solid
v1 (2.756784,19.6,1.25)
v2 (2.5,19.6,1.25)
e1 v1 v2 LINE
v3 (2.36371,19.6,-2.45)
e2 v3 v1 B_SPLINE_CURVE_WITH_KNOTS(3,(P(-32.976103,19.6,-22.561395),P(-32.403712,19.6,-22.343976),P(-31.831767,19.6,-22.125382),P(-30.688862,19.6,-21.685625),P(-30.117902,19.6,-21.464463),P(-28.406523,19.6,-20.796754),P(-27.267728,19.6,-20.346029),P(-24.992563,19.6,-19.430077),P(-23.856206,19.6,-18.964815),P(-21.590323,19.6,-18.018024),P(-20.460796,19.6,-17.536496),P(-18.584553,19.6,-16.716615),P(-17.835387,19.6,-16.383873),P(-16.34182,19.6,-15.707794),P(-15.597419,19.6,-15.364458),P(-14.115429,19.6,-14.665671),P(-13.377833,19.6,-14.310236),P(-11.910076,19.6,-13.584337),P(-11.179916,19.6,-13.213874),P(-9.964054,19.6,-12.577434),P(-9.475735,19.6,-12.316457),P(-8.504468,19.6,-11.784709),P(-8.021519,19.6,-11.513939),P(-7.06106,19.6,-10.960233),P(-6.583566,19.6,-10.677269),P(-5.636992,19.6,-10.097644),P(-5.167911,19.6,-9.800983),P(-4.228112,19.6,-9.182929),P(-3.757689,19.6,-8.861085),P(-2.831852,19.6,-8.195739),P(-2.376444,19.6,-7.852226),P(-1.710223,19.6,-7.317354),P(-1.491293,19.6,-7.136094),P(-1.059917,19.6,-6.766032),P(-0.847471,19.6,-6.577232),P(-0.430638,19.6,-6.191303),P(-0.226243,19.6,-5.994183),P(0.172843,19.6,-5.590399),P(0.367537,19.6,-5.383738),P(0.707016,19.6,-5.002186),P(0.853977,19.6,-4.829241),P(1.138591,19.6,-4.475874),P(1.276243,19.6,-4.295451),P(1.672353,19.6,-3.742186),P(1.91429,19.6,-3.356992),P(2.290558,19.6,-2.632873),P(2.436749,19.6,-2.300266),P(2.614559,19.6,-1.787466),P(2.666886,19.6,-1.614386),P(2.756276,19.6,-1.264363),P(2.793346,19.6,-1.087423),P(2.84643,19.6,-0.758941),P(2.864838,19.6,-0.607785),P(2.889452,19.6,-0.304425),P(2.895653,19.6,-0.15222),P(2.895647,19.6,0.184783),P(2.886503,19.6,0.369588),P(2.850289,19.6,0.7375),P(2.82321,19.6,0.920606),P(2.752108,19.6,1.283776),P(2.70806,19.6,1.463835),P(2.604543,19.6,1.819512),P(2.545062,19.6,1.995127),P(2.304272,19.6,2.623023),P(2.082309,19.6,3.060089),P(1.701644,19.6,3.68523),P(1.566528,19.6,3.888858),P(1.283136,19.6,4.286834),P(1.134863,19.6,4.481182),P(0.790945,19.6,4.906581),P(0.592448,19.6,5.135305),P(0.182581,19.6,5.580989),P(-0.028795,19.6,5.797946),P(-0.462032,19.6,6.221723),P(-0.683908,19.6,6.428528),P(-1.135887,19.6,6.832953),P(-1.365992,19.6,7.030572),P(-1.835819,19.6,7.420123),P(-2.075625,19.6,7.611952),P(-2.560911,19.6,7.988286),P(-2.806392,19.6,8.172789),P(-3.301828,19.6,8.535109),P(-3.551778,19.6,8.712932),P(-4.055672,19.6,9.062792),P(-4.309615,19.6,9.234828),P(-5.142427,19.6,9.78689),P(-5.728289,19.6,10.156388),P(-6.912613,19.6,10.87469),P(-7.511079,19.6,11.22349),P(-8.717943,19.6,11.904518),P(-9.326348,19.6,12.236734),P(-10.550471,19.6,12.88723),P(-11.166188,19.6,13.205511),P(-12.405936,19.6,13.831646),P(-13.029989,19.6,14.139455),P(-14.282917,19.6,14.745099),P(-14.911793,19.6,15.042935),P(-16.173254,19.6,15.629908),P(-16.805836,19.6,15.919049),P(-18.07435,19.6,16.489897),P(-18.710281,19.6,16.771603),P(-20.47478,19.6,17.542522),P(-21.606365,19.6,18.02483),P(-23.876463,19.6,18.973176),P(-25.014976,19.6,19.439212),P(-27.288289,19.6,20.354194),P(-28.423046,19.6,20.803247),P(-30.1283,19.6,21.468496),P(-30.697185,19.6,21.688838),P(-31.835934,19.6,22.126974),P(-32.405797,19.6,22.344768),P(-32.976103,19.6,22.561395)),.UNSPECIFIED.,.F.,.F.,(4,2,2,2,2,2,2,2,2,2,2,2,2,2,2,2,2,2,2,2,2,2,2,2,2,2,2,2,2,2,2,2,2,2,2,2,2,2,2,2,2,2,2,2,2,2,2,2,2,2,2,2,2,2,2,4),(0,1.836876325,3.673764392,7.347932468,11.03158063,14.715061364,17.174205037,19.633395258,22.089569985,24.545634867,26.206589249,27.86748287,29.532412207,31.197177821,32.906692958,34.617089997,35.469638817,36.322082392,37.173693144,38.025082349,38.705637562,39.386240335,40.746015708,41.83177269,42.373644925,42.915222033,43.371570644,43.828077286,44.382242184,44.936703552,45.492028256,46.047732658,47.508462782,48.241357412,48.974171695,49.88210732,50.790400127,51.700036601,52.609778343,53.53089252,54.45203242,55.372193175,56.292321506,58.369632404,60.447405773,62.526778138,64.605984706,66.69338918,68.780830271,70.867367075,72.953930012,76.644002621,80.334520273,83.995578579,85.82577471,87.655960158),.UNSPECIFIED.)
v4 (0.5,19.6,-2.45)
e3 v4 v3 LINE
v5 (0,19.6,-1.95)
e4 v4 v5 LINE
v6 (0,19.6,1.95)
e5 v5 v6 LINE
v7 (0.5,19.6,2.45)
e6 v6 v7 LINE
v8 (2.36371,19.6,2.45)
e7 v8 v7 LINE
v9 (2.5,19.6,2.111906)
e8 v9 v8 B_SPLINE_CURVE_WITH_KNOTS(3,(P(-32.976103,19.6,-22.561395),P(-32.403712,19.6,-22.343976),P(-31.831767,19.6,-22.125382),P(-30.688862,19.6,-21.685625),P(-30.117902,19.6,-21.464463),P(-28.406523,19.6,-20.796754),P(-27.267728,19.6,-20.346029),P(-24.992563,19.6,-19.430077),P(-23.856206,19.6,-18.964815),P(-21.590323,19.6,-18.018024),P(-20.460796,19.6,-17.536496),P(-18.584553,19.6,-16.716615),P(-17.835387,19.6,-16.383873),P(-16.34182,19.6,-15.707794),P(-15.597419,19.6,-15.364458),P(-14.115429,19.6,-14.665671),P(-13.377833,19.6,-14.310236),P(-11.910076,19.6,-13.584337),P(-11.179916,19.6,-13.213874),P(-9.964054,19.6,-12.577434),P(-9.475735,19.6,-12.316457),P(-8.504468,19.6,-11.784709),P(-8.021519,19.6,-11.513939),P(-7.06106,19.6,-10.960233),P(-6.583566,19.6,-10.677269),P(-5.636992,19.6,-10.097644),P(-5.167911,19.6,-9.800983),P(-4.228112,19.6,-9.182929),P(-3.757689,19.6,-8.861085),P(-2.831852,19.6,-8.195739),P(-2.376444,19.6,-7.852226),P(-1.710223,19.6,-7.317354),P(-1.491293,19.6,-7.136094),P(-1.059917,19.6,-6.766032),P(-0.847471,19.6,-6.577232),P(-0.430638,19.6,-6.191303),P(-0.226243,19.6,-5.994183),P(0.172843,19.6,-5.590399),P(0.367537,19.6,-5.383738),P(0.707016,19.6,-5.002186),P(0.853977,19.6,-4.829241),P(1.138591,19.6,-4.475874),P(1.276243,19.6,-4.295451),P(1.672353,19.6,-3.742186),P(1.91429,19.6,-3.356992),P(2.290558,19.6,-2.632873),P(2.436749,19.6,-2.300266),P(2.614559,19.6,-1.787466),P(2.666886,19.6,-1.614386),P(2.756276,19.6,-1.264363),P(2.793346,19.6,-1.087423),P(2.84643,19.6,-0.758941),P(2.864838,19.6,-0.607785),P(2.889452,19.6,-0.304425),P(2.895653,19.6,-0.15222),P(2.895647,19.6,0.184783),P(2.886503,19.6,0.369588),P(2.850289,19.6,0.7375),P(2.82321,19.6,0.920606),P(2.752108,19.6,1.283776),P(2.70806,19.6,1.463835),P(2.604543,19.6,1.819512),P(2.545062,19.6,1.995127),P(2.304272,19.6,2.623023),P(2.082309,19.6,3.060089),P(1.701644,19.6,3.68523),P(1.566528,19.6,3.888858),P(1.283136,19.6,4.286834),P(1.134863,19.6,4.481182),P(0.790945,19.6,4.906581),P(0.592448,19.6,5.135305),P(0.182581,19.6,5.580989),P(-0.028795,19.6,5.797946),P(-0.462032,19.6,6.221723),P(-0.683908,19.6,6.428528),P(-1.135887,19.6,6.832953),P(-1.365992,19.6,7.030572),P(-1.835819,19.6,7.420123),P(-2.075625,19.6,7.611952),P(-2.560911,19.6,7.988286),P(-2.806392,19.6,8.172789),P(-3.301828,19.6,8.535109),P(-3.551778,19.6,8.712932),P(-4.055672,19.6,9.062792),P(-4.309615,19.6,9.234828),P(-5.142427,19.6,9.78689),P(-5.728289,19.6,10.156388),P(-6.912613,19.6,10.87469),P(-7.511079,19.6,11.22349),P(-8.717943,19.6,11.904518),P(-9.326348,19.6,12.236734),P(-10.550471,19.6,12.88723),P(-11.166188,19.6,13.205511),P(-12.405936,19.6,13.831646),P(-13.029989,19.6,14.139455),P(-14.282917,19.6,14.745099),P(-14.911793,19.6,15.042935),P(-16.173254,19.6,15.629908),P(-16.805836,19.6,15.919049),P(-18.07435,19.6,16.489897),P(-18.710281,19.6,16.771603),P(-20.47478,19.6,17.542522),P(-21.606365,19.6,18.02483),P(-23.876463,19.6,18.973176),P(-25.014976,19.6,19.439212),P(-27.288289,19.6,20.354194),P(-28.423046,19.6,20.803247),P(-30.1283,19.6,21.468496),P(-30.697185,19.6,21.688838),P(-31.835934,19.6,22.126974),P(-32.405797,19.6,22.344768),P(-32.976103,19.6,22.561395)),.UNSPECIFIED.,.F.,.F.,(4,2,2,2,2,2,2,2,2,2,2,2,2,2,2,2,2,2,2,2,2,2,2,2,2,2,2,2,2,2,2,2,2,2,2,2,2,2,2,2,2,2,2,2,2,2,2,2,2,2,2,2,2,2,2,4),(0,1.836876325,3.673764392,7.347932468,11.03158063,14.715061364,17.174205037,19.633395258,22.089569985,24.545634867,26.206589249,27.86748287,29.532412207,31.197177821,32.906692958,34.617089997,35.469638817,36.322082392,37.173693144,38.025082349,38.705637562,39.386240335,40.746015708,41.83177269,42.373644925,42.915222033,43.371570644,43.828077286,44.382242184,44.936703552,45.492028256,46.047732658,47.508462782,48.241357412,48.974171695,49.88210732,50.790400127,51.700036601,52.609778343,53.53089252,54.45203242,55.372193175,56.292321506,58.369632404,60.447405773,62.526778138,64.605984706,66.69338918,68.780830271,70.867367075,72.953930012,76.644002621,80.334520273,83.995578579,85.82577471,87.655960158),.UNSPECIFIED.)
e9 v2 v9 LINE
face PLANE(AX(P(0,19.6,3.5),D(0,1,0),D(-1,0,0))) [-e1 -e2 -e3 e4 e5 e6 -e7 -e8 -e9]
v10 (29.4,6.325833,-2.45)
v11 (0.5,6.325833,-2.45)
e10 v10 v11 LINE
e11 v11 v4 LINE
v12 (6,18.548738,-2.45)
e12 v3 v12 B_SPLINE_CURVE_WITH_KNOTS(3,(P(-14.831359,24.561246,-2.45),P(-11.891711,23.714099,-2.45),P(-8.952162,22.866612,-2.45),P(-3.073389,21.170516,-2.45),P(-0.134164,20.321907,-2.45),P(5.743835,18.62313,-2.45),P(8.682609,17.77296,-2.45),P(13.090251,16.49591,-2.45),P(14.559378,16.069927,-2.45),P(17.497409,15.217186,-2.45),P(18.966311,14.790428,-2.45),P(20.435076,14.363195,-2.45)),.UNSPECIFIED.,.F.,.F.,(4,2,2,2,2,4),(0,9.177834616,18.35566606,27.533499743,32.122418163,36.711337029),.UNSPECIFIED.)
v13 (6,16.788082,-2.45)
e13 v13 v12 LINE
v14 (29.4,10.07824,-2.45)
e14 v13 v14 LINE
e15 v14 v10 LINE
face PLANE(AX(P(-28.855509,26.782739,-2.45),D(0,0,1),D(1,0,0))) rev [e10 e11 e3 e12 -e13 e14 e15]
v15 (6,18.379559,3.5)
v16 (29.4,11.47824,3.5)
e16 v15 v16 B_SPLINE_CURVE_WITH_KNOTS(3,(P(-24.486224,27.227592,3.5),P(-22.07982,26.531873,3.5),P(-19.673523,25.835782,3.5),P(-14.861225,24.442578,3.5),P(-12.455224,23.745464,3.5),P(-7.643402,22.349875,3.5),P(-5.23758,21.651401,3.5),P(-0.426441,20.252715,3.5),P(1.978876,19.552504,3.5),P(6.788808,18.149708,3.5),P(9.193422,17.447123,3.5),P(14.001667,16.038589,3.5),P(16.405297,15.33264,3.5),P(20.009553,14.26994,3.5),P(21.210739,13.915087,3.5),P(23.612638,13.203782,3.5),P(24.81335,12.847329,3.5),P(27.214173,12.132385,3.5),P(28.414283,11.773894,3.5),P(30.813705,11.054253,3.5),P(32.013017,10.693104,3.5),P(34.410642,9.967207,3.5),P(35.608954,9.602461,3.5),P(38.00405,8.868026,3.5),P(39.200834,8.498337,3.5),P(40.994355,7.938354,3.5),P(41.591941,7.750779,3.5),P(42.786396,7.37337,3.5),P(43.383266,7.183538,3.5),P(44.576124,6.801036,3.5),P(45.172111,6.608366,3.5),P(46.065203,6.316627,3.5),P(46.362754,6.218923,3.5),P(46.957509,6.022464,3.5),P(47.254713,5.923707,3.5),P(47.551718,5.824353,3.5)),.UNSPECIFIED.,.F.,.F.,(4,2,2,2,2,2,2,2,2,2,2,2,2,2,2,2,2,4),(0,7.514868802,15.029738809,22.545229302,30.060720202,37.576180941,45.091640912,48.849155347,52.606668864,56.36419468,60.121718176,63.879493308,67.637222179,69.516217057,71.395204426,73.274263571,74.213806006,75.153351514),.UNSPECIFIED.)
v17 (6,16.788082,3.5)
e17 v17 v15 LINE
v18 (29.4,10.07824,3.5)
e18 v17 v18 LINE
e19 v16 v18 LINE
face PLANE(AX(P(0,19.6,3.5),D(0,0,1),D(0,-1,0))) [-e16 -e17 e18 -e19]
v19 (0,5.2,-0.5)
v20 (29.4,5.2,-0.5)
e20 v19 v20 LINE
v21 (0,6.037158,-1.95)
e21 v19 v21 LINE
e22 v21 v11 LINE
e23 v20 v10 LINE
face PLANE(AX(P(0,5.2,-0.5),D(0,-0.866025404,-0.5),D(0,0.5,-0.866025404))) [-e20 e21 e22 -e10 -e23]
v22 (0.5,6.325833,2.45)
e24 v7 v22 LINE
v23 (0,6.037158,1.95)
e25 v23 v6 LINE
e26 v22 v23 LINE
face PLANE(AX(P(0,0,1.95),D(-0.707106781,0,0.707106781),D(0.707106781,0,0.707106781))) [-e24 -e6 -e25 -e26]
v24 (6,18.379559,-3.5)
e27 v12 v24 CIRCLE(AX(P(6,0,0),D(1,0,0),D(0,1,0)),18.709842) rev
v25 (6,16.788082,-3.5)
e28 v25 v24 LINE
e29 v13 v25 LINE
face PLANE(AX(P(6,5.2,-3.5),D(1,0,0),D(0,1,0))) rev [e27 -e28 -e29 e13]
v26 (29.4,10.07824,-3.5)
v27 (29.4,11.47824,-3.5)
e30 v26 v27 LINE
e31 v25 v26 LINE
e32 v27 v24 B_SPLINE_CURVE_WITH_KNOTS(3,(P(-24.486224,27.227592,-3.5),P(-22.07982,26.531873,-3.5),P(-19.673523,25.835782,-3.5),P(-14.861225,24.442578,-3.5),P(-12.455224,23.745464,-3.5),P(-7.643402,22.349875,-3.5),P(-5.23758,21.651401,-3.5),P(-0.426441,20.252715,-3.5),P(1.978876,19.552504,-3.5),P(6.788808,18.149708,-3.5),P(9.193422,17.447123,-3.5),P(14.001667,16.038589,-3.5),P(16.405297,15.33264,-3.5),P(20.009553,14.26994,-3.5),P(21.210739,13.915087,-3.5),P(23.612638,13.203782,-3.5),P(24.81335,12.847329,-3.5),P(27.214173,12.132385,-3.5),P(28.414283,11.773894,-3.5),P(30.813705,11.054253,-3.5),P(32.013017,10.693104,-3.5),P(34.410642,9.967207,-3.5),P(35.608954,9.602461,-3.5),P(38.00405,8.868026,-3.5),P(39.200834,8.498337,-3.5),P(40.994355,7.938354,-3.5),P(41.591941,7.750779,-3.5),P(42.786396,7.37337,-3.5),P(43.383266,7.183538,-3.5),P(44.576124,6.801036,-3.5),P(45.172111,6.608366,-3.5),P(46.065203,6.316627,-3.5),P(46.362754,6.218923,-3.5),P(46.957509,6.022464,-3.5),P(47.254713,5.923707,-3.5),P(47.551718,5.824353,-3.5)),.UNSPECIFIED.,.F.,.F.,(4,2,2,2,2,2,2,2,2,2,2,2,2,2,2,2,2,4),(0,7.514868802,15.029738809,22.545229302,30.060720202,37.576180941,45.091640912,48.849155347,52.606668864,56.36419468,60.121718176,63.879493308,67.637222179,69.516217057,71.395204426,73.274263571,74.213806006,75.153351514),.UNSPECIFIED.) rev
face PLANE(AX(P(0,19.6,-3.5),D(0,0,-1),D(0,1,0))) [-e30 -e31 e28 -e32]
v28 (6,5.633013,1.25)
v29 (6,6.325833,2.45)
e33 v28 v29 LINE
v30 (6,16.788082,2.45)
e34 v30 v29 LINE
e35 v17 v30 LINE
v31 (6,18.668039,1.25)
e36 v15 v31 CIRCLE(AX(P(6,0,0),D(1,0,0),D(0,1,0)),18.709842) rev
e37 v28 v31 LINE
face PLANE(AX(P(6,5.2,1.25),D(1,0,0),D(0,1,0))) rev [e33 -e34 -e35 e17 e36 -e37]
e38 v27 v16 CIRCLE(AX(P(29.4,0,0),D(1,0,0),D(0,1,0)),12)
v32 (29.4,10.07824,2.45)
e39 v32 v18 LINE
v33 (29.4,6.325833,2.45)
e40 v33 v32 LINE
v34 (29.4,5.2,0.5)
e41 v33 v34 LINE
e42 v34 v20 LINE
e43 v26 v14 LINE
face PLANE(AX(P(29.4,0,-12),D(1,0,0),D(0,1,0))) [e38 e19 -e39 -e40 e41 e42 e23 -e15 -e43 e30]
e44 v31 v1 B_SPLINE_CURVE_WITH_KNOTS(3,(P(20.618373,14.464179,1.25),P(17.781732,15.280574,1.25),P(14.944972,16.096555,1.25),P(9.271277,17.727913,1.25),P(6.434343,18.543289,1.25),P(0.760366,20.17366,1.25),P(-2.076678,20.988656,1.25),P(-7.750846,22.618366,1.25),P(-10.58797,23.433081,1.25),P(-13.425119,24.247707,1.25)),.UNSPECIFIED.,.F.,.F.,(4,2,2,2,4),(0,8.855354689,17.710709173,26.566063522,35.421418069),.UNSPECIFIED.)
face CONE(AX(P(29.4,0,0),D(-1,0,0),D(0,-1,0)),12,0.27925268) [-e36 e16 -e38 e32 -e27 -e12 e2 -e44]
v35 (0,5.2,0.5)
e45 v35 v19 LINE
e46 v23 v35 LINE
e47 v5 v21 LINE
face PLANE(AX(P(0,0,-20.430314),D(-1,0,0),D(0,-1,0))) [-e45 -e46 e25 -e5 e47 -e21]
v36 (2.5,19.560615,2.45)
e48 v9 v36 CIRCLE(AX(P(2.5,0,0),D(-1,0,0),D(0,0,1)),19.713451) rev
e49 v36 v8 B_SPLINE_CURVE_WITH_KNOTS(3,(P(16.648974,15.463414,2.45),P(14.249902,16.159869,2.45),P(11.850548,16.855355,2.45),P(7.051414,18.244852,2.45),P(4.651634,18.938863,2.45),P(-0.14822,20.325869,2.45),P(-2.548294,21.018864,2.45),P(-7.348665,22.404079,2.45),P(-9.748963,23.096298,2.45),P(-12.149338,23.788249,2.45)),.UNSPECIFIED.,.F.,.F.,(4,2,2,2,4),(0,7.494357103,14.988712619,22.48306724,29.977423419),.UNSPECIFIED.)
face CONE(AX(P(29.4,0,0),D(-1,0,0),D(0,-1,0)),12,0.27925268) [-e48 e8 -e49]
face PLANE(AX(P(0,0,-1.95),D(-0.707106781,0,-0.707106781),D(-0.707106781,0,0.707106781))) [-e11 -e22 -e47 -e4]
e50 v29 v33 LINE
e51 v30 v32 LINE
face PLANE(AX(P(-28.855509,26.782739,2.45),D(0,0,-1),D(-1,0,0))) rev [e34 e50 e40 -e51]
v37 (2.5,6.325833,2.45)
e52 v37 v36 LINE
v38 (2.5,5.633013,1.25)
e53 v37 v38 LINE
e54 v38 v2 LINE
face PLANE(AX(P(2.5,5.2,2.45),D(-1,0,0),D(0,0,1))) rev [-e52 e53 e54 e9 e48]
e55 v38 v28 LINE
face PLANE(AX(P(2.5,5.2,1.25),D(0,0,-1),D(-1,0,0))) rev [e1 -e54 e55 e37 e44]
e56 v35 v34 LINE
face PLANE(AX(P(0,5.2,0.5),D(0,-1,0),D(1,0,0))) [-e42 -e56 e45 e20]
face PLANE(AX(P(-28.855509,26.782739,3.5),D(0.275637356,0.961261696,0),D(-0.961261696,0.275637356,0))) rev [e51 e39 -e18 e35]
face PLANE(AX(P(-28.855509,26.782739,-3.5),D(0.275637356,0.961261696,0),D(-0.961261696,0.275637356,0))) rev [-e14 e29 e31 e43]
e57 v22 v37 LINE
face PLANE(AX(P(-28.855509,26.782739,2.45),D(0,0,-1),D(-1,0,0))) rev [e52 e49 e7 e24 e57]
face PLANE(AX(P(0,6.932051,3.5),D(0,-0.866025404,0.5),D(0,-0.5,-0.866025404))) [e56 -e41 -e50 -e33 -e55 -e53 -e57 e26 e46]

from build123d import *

# Parameters (mm, degrees)
R_VOLUTION1_ANGLE       = 180
ESQUISSE3_OUTSIDE_W     = 53.726
ESQUISSE3_OUTSIDE_H     = 33.296
ENL_V_MAT_EXTRU_1_DEPTH = 42.220813774
ESQUISSE4_W             = 1.05
ESQUISSE4_H             = 30
ESQUISSE6_W             = 6
ESQUISSE6_H             = 1.05
ENL_V_MAT_EXTRU_2_DEPTH = 33.923699671
CHANFREIN1_SIZE         = 0.5


with BuildPart() as part:
    # Esquisse1 → Révolution1 (revolve, symmetric)
    with BuildSketch(Plane.XY) as r_volution1_sk:
        Polygon((0, 20.430314341), (0, 0), (29.4, 0), (29.4, 12), align=None)
    revolve(axis=Axis((0, 0, 0), (-1, 0, 0)), revolution_arc=R_VOLUTION1_ANGLE / 2)
    revolve(r_volution1_sk.sketch, axis=Axis((0, 0, 0), (1, 0, 0)), revolution_arc=R_VOLUTION1_ANGLE / 2)

    # Esquisse3 outside → Enlèv. mat.-Extru.1 (cut, through all)
    with BuildSketch(Plane(origin=(29.4, 0, 0), x_dir=(0, 0, -1), z_dir=(1, 0, 0))):
        with Locations((0, 10.215)):
            Rectangle(ESQUISSE3_OUTSIDE_W, ESQUISSE3_OUTSIDE_H)
        Polygon((-3.5, 6.932050808), (-0.5, 5.2), (0.5, 5.2), (3.5, 6.932050808), (3.5, 19.6), (-3.5, 19.6), align=None, mode=Mode.SUBTRACT)
    extrude(amount=-ENL_V_MAT_EXTRU_1_DEPTH, mode=Mode.SUBTRACT)

    # Enlèvement de matière-Balayage1: sweep along a path in Esquisse5
    with BuildLine(Plane(origin=(0, 0, 0), x_dir=(-1, 0, 0), z_dir=(0, 0, -1))) as enl_vement_de_mati_re_balayage1_path:
        Line((-29.4, 10.078240283), (0, 18.508554625))
    # Esquisse4 → Enlèvement de matière-Balayage1 (sweep, cut)
    with BuildSketch(Plane(origin=(29.4, 0, 0), x_dir=(0, 0, -1), z_dir=(1, 0, 0))):
        with Locations((2.975, -4.921759717)):
            Rectangle(ESQUISSE4_W, ESQUISSE4_H)
        with Locations((-2.975, -4.921759717)):
            Rectangle(ESQUISSE4_W, ESQUISSE4_H)
    sweep(path=enl_vement_de_mati_re_balayage1_path.line, mode=Mode.SUBTRACT)

    # Esquisse6 → Enlèv. mat.-Extru.2 (cut, through all)
    with BuildSketch(Plane(origin=(0, 19.6, 0), x_dir=(-1, 0, 0), z_dir=(0, 1, 0))):
        with Locations((-3, -2.975)):
            Rectangle(ESQUISSE6_W, ESQUISSE6_H)
        Polygon((0, 3.5), (-6, 3.5), (-6, 2.45), (-6, 1.25), (-2.5, 1.25), (-2.5, 2.45), (0, 2.45), align=None)
    extrude(amount=-ENL_V_MAT_EXTRU_2_DEPTH, mode=Mode.SUBTRACT)

    # Chanfrein1
    chanfrein1_edges = [part.edges().sort_by_distance(p)[0] for p in [
        (0, 12.962916512, -2.45),
        (0, 12.962916512, 2.45),
    ]]
    chamfer(chanfrein1_edges, length=CHANFREIN1_SIZE)


solid = part.part
